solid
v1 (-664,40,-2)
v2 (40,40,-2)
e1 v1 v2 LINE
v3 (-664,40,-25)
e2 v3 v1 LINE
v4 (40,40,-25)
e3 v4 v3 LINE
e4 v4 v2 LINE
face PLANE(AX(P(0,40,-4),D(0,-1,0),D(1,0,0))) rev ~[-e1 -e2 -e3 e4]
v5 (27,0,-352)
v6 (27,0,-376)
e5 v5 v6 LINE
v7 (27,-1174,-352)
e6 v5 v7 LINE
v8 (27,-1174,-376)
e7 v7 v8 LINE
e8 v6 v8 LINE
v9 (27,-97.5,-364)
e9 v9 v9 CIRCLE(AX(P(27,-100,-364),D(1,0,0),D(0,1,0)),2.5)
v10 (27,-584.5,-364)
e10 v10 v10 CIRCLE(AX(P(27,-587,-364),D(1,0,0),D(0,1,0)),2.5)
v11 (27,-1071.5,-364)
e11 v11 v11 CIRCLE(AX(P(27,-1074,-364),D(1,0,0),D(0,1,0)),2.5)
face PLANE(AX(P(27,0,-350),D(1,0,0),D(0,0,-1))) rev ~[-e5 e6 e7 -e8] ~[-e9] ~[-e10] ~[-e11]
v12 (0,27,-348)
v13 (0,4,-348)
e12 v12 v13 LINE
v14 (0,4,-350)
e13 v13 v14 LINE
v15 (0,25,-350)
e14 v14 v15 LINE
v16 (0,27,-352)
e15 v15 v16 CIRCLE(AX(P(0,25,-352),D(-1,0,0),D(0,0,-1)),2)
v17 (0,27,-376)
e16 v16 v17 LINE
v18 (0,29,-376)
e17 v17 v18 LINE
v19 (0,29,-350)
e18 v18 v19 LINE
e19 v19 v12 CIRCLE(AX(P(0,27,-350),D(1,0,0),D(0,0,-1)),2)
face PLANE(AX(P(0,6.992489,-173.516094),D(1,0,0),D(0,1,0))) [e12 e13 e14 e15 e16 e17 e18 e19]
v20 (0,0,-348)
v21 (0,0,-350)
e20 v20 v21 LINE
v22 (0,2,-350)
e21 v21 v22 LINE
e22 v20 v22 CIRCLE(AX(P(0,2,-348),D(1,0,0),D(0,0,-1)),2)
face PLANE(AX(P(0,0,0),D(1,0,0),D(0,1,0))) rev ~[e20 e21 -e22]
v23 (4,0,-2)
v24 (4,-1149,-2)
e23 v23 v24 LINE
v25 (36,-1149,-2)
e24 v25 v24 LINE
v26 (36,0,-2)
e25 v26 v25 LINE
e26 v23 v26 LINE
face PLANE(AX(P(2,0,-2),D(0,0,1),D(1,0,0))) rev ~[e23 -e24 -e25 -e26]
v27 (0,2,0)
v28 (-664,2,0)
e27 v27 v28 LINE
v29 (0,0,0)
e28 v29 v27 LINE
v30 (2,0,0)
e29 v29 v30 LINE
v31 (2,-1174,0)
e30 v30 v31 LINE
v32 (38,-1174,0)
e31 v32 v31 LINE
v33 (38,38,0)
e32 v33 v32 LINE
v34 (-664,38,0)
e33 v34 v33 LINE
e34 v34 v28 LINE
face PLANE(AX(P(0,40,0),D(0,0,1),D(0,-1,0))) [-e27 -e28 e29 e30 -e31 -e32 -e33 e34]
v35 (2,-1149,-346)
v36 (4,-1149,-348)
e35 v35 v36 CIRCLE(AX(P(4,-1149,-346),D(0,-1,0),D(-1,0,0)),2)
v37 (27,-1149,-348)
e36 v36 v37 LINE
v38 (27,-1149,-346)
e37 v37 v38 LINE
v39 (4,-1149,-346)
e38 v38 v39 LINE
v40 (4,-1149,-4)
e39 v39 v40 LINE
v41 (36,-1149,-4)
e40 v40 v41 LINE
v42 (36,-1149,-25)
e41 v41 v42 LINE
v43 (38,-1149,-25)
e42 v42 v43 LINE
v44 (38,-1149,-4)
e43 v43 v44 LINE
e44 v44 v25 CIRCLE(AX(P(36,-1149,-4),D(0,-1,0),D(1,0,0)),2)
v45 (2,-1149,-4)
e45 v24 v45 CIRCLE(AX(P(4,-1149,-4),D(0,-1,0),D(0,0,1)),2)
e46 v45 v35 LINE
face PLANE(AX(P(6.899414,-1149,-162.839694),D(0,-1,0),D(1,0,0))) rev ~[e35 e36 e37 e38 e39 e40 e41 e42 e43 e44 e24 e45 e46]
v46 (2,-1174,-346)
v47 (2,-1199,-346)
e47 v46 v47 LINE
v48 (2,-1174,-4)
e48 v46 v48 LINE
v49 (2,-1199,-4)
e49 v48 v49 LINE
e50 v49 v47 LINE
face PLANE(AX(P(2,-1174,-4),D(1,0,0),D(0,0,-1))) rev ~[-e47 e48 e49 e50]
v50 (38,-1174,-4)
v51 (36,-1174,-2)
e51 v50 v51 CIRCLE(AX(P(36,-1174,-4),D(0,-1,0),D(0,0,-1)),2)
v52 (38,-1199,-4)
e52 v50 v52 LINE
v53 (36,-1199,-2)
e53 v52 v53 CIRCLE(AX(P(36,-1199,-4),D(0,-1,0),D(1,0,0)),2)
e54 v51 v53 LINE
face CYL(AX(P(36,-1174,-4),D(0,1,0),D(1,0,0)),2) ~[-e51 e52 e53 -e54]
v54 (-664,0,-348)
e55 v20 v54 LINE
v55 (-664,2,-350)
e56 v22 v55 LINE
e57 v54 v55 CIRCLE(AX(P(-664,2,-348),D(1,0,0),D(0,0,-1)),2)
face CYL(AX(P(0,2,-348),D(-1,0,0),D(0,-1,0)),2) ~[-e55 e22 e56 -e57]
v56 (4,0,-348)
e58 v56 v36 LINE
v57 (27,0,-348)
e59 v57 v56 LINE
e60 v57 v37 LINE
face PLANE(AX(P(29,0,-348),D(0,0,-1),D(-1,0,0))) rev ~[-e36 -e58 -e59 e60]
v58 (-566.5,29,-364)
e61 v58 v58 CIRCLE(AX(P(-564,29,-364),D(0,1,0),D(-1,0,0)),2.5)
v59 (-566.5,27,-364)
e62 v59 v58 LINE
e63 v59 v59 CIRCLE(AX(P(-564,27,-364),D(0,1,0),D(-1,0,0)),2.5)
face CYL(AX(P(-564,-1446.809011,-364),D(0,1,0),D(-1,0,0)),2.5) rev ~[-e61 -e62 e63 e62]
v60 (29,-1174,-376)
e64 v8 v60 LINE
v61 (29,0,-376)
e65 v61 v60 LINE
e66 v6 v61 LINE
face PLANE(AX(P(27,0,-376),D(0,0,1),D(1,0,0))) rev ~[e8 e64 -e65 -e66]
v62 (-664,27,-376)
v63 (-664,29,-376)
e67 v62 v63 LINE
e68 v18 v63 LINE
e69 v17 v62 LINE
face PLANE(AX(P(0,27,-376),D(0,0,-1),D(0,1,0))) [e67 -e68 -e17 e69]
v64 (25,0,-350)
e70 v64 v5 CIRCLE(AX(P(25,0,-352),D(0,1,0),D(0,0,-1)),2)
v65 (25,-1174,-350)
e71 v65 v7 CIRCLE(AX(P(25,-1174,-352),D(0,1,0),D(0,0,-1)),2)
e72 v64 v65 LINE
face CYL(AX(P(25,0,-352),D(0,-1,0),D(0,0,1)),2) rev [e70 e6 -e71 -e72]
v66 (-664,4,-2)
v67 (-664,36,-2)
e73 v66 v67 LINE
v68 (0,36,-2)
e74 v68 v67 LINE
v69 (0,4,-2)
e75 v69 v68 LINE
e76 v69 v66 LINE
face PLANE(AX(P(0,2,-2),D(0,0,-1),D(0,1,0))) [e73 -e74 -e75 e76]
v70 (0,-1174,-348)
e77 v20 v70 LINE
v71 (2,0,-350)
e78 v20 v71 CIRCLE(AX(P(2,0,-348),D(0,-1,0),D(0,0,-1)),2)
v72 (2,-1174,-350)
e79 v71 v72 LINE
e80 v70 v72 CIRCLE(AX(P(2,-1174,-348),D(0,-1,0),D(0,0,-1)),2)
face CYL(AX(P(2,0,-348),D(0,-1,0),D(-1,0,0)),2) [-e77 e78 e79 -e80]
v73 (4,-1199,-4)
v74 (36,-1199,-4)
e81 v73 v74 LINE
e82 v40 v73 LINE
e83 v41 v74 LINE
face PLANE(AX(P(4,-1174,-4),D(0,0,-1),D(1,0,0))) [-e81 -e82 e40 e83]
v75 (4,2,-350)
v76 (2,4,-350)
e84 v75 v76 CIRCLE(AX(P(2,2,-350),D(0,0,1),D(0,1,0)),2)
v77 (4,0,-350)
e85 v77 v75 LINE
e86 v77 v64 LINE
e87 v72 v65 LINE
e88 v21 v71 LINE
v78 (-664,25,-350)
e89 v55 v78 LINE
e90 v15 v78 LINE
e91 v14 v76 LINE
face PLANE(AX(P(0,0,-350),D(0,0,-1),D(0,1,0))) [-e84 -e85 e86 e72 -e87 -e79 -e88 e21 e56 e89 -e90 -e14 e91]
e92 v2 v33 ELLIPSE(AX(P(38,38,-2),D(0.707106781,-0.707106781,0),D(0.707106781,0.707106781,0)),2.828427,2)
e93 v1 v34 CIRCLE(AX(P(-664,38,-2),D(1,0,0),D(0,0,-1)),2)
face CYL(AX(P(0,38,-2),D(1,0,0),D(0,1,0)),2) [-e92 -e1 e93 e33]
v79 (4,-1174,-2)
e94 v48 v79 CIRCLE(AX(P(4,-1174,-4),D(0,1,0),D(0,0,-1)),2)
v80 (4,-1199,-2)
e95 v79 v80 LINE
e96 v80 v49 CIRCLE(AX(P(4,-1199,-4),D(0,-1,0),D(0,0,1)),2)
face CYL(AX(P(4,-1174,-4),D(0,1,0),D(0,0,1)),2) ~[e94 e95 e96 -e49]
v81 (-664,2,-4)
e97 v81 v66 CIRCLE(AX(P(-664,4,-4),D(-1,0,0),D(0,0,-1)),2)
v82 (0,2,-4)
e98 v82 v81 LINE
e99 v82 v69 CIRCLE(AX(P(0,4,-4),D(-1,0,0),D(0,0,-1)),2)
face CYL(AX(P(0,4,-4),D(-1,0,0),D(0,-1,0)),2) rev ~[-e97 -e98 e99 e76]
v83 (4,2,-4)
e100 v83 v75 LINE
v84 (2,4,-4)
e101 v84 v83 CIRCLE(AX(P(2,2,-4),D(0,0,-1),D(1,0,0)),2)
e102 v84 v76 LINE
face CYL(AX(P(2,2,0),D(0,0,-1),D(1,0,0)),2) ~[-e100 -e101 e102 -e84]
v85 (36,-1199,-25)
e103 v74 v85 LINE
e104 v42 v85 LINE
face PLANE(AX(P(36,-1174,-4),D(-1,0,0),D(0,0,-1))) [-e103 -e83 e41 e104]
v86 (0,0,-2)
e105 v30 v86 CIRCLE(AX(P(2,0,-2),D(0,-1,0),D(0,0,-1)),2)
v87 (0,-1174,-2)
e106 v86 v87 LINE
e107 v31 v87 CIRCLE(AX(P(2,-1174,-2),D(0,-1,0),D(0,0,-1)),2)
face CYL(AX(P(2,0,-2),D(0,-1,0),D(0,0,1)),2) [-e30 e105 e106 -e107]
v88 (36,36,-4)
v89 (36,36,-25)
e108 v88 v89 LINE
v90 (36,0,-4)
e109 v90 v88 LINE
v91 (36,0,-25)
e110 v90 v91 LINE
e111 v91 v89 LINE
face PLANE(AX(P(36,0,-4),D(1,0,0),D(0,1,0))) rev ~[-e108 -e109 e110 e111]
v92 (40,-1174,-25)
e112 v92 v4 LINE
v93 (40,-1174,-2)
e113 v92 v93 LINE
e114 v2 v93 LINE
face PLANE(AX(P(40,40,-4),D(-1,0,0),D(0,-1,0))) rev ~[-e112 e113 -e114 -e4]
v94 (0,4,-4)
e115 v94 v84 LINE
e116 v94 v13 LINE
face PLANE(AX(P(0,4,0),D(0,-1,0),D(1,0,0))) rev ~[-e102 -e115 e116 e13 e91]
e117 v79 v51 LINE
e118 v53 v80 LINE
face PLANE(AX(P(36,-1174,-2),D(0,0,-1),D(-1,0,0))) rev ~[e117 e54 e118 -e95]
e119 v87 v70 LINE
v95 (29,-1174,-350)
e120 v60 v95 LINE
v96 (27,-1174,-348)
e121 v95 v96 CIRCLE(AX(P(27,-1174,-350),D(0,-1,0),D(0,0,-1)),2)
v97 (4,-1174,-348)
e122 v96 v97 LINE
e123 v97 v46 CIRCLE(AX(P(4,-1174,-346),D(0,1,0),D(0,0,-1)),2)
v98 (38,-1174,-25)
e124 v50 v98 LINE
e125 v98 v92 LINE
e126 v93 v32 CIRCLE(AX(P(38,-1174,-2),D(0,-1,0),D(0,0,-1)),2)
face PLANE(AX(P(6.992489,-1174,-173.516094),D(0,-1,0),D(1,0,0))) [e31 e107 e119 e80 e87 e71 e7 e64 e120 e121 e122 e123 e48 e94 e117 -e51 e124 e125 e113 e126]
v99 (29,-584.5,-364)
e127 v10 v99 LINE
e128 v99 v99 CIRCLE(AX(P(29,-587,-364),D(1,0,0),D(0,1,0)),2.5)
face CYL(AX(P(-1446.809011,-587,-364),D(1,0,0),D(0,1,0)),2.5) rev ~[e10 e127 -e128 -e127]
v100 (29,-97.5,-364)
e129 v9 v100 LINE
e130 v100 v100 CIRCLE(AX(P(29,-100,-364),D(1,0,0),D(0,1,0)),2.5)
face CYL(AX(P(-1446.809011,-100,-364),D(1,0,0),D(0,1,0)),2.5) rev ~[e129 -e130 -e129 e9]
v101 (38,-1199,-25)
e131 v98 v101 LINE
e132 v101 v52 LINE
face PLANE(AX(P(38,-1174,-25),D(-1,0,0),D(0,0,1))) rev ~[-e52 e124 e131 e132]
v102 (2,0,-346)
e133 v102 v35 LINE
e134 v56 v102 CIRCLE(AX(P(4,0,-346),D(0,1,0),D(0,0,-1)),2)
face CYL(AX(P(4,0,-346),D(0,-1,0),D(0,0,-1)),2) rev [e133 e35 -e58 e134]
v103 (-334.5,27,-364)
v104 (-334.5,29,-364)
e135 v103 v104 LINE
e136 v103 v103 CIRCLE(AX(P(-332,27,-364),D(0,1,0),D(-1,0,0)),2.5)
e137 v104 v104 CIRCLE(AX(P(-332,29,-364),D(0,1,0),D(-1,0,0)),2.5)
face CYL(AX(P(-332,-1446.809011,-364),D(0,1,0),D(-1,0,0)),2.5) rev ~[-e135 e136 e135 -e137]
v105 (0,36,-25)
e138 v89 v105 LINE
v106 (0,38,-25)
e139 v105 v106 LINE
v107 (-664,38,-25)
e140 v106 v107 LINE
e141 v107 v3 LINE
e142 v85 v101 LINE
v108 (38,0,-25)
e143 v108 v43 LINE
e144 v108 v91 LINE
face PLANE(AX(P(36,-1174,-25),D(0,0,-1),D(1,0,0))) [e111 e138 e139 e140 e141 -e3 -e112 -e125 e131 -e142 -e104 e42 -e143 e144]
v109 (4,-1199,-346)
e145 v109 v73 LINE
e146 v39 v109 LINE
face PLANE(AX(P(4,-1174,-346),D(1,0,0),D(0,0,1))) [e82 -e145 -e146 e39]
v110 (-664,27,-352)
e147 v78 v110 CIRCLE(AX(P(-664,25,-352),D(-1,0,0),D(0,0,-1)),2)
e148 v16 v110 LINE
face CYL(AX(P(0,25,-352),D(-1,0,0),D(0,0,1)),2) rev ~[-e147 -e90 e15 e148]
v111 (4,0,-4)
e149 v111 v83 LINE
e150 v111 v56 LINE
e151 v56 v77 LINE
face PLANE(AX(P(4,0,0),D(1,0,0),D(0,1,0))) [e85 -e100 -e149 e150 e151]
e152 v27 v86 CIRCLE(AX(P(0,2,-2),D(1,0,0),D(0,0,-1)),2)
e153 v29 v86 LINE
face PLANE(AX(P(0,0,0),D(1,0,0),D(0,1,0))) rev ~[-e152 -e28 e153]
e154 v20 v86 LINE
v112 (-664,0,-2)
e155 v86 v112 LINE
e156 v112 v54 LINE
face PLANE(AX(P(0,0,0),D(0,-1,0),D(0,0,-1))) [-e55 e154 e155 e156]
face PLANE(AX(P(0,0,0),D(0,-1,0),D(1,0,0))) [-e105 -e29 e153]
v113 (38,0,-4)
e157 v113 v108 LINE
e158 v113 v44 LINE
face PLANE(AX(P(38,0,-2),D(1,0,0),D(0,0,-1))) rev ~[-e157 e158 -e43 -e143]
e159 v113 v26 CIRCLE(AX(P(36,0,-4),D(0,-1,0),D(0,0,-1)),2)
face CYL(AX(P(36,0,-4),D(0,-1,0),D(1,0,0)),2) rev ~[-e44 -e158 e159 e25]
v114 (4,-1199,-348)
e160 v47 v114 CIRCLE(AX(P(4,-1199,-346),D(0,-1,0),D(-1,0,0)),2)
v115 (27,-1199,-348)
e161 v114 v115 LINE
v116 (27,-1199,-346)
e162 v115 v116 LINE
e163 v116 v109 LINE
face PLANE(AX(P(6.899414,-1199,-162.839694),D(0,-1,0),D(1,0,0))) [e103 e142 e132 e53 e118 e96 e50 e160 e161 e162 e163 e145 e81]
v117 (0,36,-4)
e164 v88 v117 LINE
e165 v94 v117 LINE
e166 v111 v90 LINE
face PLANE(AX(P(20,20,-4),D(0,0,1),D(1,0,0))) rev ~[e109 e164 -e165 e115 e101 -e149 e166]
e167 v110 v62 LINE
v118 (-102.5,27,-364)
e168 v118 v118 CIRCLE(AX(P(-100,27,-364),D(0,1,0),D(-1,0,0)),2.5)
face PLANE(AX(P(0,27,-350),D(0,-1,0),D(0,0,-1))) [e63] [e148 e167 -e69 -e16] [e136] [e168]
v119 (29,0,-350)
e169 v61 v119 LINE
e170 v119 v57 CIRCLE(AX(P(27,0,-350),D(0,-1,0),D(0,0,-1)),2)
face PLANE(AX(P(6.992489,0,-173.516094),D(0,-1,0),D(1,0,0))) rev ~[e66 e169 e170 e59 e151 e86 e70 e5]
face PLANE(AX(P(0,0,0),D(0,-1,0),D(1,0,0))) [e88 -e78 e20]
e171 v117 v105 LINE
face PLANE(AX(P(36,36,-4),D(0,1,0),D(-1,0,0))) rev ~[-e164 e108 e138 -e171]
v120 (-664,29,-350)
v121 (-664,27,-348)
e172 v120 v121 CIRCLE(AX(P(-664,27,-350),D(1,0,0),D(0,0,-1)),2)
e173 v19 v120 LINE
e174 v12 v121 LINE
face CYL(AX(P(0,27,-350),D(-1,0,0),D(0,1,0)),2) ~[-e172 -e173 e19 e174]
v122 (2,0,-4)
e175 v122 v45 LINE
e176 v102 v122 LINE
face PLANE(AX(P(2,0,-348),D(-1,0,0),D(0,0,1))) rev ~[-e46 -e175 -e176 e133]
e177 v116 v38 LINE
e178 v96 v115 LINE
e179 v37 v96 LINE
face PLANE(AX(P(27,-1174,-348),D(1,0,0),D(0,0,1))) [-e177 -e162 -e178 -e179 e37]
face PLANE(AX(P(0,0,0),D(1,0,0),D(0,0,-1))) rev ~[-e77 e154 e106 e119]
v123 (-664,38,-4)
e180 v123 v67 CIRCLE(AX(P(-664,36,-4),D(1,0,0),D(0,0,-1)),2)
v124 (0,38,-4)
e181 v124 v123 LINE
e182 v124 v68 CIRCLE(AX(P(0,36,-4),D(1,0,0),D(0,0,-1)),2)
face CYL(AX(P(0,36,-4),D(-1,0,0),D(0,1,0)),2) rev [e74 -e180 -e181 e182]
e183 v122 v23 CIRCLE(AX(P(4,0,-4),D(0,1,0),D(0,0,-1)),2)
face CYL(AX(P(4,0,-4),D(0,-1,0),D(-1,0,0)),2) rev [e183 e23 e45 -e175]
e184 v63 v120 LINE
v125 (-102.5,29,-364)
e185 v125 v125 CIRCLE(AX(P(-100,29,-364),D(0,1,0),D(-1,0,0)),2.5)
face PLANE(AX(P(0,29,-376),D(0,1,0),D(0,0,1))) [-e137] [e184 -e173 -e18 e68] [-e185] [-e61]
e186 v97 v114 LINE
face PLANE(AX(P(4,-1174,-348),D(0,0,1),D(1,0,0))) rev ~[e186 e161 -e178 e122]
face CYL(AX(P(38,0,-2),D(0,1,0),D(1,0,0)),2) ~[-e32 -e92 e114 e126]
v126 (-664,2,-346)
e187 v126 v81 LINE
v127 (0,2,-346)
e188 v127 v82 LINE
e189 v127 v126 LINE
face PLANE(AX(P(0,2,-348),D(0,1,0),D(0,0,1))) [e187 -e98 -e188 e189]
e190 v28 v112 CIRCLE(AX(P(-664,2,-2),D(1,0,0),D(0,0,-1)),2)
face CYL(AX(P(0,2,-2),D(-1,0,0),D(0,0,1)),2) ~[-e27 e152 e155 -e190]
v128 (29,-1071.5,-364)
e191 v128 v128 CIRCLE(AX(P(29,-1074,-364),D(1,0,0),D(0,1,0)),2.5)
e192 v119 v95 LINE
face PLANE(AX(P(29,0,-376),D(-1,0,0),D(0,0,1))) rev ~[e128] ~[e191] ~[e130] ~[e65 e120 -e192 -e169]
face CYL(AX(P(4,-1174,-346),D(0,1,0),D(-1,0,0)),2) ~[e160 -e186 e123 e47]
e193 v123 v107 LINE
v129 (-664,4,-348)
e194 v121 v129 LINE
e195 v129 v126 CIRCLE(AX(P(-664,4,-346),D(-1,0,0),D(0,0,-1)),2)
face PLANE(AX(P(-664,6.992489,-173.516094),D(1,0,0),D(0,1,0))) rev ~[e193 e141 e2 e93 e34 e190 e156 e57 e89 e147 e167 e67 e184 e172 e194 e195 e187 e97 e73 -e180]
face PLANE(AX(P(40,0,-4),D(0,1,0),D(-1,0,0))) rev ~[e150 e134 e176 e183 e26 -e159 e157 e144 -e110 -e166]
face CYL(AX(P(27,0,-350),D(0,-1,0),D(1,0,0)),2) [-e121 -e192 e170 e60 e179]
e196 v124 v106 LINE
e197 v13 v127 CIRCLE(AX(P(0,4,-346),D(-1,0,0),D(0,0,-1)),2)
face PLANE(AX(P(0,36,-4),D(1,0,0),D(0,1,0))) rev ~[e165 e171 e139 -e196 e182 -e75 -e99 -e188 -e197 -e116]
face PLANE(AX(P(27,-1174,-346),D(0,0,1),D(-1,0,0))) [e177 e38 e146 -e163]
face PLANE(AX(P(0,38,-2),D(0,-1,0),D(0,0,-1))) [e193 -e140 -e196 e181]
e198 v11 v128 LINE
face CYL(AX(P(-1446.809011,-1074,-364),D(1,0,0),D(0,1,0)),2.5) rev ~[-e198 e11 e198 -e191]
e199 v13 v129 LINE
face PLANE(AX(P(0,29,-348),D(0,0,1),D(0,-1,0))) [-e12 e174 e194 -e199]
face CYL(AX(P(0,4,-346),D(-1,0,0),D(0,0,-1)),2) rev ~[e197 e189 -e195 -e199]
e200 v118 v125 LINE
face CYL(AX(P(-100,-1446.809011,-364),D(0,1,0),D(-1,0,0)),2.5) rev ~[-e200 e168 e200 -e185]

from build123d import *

# Parameters (mm, degrees)
F1_DEPTH       = 1174
F3_DEPTH       = 664
F4_W           = 40
F4_H           = 40
F5_DEPTH       = 4
F6_W           = 4
F6_H           = 4
F7_DEPTH       = 350
F8_R           = 2
F8_2_R         = 2
F8_3_R         = 2
F8_4_R         = 2
F10_DEPTH      = 21
F12_DEPTH      = 25
F12_DEPTH_BACK = 25
F15_D          = 5
F15_ON_F13_D   = 5


with BuildPart() as f1:
    # F0 (on Front) → F1 (new body)
    with BuildSketch(Plane.XZ):
        Polygon((38, -2), (38, -25), (40, -25), (40, 0), (0, 0), (0, -350), (27, -350), (27, -376), (29, -376), (29, -348), (2, -348), (2, -2), align=None)
    extrude(amount=F1_DEPTH)

    # F8
    f8_edges = [f1.edges().sort_by_distance(p)[0] for p in [
        (40, -587, 0),
        (29, -587, -348),
        (2, -587, -348),
        (0, -587, 0),
        (2, -587, -2),
        (38, -587, -2),
        (0, -587, -350),
        (27, -587, -350),
    ]]
    fillet(f8_edges, radius=F8_R)



with BuildPart() as f3:
    # F2 (on Right) → F3 (new body)
    with BuildSketch(Plane.YZ):
        Polygon((38, -2), (38, -25), (40, -25), (40, 0), (0, 0), (0, -350), (27, -350), (27, -376), (29, -376), (29, -348), (2, -348), (2, -2), align=None)
    extrude(amount=-F3_DEPTH)

    # F8#2
    f8_2_edges = [f3.edges().sort_by_distance(p)[0] for p in [
        (-332, 40, 0),
        (-332, 29, -348),
        (-332, 2, -348),
        (-332, 0, 0),
        (-332, 2, -2),
        (-332, 38, -2),
        (-332, 0, -350),
        (-332, 27, -350),
    ]]
    fillet(f8_2_edges, radius=F8_2_R)


with BuildPart() as f5:
    # F4 (on Top) → F5 (new body)
    with BuildSketch(Plane.XY):
        with Locations((20, 20)):
            Rectangle(F4_W, F4_H)
    extrude(amount=-F5_DEPTH)

    # F8#4
    f8_4_edges = [f5.edges().sort_by_distance(p)[0] for p in [
        (40, 20, 0),
        (20, 40, 0),
    ]]
    fillet(f8_4_edges, radius=F8_4_R)


with BuildPart() as f7:
    # F6 (on Top) → F7 (new body)
    with BuildSketch(Plane.XY):
        with Locations((2, 2)):
            Rectangle(F6_W, F6_H)
    extrude(amount=-F7_DEPTH)

    # F8#3
    f8_3_edges = [f7.edges().sort_by_distance(p)[0] for p in [
        (4, 4, -175),
    ]]
    fillet(f8_3_edges, radius=F8_3_R)


with BuildPart() as f10:
    # F9 (on face) → F10 (new body)
    with BuildSketch(Plane(origin=(0, 0, -4), x_dir=(1, 0, 0), z_dir=(0, 0, -1))):
        Polygon((40, -40), (40, 0), (36, 0), (36, -36), (0, -36), (0, -40), align=None)
    extrude(amount=F10_DEPTH)


with BuildPart() as f1_1:
    add(f1.part)

    add(f3.part)  # F12 merges F3

    add(f5.part)  # F12 merges F5

    add(f7.part)  # F12 merges F7

    add(f10.part)  # F12 merges F10
    # F11 (on face) → F12 (join, two sides)
    with BuildSketch(Plane.XZ.offset(1174)) as f12_sk:
        with BuildLine():
            Line((27, -346), (4, -346))
            Line((4, -346), (4, -4))
            Line((4, -4), (36, -4))
            Line((36, -4), (36, -25))
            Line((36, -25), (38, -25))
            Line((38, -25), (38, -4))
            ThreePointArc((38, -4), (37.4142135624, -2.5857864376), (36, -2))
            Line((36, -2), (4, -2))
            ThreePointArc((4, -2), (2.5857864376, -2.5857864376), (2, -4))
            Line((2, -4), (2, -346))
            ThreePointArc((2, -346), (2.5857864376, -347.4142135624), (4, -348))
            Line((4, -348), (27, -348))
            Line((27, -348), (27, -346))
        make_face()
    extrude(amount=F12_DEPTH)
    extrude(f12_sk.sketch, amount=-F12_DEPTH_BACK)

    # F15 (through all)
    with Locations(Plane(origin=(27, 0, 0), x_dir=(0, -1, 0), z_dir=(-1, 0, 0))):
        with Locations((100, -364), (587, -364), (1074, -364)):
            Hole(F15_D / 2)

    # F15 on F13 (through all)
    with Locations(Plane.XZ.offset(-27)):
        with Locations((-100, -364), (-332, -364), (-564, -364)):
            Hole(F15_ON_F13_D / 2)


solid = f1_1.part
